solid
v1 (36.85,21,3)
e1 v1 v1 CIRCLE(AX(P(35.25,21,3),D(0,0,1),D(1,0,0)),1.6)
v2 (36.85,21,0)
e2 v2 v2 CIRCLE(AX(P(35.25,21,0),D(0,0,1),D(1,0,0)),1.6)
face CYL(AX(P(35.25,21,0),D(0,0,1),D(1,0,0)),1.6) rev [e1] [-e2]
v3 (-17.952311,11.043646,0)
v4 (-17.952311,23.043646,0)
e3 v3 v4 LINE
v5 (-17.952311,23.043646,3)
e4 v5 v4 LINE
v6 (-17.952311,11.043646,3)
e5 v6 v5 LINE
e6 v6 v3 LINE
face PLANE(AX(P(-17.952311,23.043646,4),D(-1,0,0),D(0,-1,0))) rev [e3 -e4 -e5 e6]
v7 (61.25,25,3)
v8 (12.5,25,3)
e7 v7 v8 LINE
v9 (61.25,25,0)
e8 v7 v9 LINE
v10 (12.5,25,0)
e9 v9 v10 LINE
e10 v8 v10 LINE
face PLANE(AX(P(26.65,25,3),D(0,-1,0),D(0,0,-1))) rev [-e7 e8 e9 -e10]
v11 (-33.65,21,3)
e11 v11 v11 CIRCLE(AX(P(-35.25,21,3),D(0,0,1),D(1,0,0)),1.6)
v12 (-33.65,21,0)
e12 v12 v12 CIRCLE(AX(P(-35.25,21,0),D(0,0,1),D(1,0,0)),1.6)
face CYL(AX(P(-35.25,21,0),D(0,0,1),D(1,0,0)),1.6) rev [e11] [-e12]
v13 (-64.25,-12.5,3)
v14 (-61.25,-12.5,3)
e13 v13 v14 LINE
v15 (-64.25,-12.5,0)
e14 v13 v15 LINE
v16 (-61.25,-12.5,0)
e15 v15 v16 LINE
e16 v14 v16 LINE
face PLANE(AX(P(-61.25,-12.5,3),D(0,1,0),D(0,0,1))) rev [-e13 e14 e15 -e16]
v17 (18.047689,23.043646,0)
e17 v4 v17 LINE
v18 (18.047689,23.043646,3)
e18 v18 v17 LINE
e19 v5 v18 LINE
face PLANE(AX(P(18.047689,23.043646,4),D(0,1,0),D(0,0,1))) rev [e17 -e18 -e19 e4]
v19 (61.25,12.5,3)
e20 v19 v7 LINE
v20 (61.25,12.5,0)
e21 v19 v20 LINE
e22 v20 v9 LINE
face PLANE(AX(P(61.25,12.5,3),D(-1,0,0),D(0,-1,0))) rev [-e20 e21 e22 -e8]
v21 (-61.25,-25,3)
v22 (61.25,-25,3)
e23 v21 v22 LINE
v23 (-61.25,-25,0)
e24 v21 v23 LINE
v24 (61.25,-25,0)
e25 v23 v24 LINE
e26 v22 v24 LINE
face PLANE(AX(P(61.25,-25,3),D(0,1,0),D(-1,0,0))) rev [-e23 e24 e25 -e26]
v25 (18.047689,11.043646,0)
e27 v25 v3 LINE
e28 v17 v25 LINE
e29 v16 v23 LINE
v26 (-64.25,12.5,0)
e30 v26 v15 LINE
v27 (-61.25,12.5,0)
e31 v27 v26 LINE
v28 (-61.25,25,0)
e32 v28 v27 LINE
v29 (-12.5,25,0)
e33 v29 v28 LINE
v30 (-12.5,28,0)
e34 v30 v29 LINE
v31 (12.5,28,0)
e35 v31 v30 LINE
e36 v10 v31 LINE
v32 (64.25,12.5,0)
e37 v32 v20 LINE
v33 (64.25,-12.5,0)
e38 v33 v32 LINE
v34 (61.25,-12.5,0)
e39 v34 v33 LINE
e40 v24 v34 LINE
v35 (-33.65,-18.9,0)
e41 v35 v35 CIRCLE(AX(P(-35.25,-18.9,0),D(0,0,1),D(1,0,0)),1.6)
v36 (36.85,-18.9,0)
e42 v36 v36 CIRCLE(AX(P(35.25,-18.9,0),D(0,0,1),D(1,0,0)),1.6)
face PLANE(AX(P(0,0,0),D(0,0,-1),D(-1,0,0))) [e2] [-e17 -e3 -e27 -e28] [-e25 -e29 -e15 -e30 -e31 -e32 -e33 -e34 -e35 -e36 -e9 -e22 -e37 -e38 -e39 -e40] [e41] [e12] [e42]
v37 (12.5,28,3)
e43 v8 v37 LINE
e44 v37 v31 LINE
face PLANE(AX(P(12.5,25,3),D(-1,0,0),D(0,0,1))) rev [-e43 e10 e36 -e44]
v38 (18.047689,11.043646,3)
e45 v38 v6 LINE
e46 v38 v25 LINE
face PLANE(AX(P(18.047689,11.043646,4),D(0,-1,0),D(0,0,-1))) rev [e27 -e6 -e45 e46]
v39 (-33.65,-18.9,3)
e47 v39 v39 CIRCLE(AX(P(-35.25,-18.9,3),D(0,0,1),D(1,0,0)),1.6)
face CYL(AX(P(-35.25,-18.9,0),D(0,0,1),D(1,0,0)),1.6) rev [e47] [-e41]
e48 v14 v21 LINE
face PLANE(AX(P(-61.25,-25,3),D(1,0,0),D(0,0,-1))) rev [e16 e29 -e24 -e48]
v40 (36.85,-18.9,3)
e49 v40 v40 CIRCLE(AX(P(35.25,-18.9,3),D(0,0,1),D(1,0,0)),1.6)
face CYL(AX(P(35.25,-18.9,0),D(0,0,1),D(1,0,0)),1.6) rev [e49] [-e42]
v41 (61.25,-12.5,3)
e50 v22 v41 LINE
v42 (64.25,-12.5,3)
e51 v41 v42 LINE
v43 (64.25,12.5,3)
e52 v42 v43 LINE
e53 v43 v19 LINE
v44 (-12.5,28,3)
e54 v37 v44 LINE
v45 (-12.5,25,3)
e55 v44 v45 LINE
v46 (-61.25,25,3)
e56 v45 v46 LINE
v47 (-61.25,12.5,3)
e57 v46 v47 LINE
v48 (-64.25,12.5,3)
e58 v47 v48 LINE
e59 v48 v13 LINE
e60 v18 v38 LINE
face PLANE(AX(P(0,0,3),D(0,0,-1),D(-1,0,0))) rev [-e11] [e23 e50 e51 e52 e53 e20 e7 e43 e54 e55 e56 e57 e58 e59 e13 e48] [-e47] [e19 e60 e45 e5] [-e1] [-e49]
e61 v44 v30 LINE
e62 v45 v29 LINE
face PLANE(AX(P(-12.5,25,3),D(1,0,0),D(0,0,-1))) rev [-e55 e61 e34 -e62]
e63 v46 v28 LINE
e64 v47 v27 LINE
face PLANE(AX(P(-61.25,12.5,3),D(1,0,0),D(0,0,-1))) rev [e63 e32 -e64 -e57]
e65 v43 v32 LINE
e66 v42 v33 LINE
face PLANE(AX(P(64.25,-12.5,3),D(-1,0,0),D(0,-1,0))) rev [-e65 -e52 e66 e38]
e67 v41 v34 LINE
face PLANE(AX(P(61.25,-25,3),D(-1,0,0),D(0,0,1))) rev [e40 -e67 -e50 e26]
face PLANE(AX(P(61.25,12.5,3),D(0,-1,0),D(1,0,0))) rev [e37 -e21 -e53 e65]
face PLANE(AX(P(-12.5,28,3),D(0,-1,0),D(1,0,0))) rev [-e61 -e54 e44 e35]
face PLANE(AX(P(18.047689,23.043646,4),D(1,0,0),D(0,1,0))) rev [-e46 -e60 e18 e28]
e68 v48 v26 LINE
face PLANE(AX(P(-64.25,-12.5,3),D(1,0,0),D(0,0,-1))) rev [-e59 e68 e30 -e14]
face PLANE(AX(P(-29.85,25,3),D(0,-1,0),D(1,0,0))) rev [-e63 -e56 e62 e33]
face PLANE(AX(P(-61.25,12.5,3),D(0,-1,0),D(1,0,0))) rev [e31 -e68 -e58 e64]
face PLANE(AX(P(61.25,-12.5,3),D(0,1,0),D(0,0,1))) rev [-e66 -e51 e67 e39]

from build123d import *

# Parameters (mm, degrees)
BOSS_EXTRU_1_DEPTH      = 3
ESQUISSE3_W             = 36
ESQUISSE3_H             = 12
ENL_V_MAT_EXTRU_1_DEPTH = 4
SKETCH1_R               = 1.6
CUT_EXTRUDE1_DEPTH      = 71.150285103
SKETCH2_R               = 1.6
CUT_EXTRUDE2_DEPTH      = 71.150285103
SKETCH3_R               = 1.6
CUT_EXTRUDE3_DEPTH      = 71.150285103


with BuildPart() as part:
    # Esquisse1 → Boss.-Extru.1 (new body)
    with BuildSketch(Plane.XY):
        Polygon((61.25, -25), (-61.25, -25), (-61.25, -12.5), (-64.25, -12.5), (-64.25, 12.5), (-61.25, 12.5), (-61.25, 25), (-29.85, 25), (-26.65, 25), (-12.5, 25), (-12.5, 28), (12.5, 28), (12.5, 25), (26.65, 25), (29.85, 25), (61.25, 25), (61.25, 12.5), (64.25, 12.5), (64.25, -12.5), (61.25, -12.5), align=None)
    extrude(amount=BOSS_EXTRU_1_DEPTH)

    # Esquisse3 → Enlèv. mat.-Extru.1 (cut)
    with BuildSketch(Plane(origin=(0, 0, 0), x_dir=(-1, 0, 0), z_dir=(0, 0, -1))):
        with Locations((-0.047688523, 17.043645632)):
            Rectangle(ESQUISSE3_W, ESQUISSE3_H)
    extrude(amount=-ENL_V_MAT_EXTRU_1_DEPTH, mode=Mode.SUBTRACT)

    # Sketch1 → Cut-Extrude1 (cut, through all)
    with BuildSketch(Plane.XY.offset(3)):
        with Locations((35.25, 21)):
            Circle(SKETCH1_R)
    extrude(amount=-CUT_EXTRUDE1_DEPTH, mode=Mode.SUBTRACT)

    # Sketch2 → Cut-Extrude2 (cut, through all)
    with BuildSketch(Plane.XY.offset(3)):
        with Locations((-35.25, 21)):
            Circle(SKETCH2_R)
    extrude(amount=-CUT_EXTRUDE2_DEPTH, mode=Mode.SUBTRACT)

    # Sketch3 → Cut-Extrude3 (cut, through all)
    with BuildSketch(Plane.XY.offset(3)):
        with Locations((-35.25, -18.9)):
            Circle(SKETCH3_R)
        with Locations((35.25, -18.9)):
            Circle(SKETCH3_R)
    extrude(amount=-CUT_EXTRUDE3_DEPTH, mode=Mode.SUBTRACT)


solid = part.part
